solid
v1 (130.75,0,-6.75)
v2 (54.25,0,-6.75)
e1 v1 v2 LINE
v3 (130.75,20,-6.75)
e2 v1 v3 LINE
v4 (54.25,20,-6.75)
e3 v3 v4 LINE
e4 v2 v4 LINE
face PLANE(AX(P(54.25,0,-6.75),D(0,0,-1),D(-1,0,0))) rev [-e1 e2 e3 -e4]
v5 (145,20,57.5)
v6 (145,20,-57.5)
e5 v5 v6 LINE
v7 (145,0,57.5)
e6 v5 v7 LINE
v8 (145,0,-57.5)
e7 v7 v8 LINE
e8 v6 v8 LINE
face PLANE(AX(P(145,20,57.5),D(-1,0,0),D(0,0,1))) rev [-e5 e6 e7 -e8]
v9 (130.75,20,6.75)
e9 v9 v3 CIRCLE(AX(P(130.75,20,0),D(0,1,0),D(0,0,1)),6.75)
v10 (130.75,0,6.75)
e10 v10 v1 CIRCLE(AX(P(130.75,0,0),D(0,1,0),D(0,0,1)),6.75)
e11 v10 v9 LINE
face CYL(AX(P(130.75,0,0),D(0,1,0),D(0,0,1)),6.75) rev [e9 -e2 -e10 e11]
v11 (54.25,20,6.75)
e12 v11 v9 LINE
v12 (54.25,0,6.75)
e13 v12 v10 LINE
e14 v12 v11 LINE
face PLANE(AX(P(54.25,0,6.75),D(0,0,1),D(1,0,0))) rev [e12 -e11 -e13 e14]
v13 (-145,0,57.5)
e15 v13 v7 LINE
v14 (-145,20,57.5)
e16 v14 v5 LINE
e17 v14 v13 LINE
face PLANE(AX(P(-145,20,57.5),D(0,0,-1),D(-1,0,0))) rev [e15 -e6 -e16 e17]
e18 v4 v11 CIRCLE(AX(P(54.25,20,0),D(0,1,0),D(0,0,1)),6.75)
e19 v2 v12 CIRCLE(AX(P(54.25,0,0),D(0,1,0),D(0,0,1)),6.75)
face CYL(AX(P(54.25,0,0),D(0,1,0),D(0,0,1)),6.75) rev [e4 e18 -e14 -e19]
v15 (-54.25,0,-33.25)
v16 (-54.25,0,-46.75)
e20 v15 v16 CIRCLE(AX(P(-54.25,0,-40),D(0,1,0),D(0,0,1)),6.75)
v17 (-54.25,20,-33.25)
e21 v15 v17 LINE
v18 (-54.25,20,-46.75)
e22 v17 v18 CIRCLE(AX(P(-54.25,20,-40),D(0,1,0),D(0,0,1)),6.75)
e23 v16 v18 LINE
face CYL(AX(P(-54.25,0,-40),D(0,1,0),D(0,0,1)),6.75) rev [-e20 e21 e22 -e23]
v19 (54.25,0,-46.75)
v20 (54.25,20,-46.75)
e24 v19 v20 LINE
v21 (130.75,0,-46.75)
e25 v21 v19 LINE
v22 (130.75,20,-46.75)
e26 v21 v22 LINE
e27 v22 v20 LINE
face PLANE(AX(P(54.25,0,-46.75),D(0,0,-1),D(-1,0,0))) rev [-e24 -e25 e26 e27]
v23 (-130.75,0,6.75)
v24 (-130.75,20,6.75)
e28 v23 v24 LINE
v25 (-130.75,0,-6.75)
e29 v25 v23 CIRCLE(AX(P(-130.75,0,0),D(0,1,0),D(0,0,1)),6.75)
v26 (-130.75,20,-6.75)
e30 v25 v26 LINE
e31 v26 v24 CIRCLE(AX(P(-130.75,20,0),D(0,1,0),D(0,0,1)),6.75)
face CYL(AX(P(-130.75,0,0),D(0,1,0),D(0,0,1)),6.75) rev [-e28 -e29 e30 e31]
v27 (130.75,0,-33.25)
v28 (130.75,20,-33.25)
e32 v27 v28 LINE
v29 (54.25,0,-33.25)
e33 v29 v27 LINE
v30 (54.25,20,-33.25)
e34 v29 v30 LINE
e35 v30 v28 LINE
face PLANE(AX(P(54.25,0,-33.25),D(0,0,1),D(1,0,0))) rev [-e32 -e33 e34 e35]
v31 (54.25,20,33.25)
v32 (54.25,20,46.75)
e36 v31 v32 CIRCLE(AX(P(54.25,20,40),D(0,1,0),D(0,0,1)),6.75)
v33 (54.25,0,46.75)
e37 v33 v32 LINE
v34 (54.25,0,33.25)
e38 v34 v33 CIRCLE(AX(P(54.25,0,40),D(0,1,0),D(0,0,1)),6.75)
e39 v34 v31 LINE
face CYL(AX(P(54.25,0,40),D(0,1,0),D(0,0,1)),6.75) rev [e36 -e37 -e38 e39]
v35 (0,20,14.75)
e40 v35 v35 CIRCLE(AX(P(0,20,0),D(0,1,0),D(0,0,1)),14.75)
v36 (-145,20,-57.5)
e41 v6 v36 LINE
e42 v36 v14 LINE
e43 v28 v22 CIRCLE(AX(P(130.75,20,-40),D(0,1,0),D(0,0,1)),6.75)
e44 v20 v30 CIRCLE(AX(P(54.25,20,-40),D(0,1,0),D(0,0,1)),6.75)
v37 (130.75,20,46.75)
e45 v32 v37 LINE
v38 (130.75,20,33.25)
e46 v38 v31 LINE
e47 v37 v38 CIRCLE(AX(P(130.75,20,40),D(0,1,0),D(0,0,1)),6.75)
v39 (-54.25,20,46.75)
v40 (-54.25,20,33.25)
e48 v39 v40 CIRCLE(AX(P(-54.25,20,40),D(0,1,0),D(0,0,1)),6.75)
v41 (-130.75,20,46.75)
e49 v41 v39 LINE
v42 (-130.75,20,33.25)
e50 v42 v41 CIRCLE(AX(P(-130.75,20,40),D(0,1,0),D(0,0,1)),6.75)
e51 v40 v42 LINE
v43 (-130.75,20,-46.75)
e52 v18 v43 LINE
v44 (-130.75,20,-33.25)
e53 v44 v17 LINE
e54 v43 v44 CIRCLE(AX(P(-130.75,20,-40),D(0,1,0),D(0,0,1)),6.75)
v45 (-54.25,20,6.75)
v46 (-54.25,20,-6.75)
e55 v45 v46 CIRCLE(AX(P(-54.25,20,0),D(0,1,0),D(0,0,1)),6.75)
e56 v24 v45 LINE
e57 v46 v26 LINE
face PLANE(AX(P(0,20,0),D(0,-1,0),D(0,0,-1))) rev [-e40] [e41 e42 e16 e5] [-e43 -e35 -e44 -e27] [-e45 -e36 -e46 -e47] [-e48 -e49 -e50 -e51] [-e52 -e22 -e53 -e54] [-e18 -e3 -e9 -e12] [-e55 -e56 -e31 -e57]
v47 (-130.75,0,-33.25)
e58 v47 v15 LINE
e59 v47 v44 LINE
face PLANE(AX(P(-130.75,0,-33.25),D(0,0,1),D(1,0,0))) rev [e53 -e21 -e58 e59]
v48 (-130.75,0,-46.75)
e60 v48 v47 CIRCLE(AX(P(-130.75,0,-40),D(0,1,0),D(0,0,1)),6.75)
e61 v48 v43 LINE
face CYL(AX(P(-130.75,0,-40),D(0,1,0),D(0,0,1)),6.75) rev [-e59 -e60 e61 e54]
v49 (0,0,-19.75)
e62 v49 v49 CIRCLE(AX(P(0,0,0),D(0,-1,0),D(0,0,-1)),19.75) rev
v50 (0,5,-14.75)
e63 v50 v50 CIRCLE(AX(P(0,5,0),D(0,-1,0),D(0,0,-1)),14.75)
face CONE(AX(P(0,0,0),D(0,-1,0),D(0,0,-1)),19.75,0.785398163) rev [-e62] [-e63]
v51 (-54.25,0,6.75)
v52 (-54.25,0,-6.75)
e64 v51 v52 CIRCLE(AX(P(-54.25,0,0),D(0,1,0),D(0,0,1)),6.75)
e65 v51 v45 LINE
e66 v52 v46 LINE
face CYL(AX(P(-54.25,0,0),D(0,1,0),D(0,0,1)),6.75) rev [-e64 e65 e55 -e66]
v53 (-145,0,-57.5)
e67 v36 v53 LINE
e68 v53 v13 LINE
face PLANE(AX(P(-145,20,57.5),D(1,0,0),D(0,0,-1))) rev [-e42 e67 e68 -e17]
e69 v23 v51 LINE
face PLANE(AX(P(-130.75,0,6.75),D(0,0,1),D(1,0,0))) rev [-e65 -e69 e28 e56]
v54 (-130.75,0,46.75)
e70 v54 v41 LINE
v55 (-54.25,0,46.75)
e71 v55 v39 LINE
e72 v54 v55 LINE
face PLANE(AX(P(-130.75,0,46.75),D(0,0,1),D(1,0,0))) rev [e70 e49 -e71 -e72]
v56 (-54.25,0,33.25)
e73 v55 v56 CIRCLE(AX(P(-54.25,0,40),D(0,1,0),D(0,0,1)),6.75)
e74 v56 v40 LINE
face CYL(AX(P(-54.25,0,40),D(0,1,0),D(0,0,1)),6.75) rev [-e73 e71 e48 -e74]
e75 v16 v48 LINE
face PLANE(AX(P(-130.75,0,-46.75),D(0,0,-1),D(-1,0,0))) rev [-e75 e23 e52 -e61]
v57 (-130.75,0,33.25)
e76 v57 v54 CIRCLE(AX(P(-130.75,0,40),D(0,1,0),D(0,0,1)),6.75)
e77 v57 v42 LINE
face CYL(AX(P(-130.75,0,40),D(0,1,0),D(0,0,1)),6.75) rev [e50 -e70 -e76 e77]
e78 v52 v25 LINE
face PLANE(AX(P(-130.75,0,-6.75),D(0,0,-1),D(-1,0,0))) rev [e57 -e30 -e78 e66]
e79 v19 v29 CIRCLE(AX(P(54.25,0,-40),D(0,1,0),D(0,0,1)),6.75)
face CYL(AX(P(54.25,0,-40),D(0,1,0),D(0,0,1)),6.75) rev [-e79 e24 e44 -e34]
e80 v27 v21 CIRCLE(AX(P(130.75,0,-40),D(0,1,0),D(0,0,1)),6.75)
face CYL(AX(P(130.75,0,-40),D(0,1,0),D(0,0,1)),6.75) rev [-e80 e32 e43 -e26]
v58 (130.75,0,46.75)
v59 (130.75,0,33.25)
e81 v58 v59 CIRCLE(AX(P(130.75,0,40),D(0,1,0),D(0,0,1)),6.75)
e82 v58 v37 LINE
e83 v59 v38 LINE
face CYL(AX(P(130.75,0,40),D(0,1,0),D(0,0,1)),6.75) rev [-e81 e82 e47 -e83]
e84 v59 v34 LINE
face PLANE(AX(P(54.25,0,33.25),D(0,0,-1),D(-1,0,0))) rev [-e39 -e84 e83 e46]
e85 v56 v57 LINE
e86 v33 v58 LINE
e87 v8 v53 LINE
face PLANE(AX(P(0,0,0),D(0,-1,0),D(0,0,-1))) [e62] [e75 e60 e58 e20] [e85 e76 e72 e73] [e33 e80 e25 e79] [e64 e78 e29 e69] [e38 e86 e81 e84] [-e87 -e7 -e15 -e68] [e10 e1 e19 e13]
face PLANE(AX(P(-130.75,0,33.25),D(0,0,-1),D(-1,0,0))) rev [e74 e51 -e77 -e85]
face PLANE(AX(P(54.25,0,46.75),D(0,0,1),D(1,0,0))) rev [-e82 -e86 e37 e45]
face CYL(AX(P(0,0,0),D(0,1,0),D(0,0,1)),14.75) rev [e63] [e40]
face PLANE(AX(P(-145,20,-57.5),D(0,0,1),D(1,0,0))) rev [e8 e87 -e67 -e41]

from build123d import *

# Parameters (mm, degrees)
SKETCH1_W           = 290
SKETCH1_H           = 115
BOSS_EXTRUDE1_DEPTH = 20
SKETCH2_R           = 14.75
CUT_EXTRUDE1_DEPTH  = 20
CHAMFER1_SIZE       = 5


with BuildPart() as part:
    # Sketch1 → Boss-Extrude1 (new body)
    with BuildSketch(Plane(origin=(0, 0, 0), x_dir=(1, 0, 0), z_dir=(0, 1, 0))):
        Rectangle(SKETCH1_W, SKETCH1_H)
    extrude(amount=BOSS_EXTRUDE1_DEPTH)

    # Sketch2 → Cut-Extrude1 (cut)
    with BuildSketch(Plane(origin=(0, 20, 0), x_dir=(1, 0, 0), z_dir=(0, 1, 0))):
        Circle(SKETCH2_R)
        with BuildLine():
            Line((-130.75, 6.75), (-54.25, 6.75))
            ThreePointArc((-54.25, 6.75), (-47.5, 0), (-54.25, -6.75))
            Line((-54.25, -6.75), (-130.75, -6.75))
            ThreePointArc((-130.75, -6.75), (-137.5, 0), (-130.75, 6.75))
        make_face()
        with BuildLine():
            Line((-130.75, 46.75), (-54.25, 46.75))
            ThreePointArc((-54.25, 46.75), (-47.5, 40), (-54.25, 33.25))
            Line((-54.25, 33.25), (-130.75, 33.25))
            ThreePointArc((-130.75, 33.25), (-137.5, 40), (-130.75, 46.75))
        make_face()
        with BuildLine():
            Line((-130.75, -33.25), (-54.25, -33.25))
            ThreePointArc((-54.25, -33.25), (-47.5, -40), (-54.25, -46.75))
            Line((-54.25, -46.75), (-130.75, -46.75))
            ThreePointArc((-130.75, -46.75), (-137.5, -40), (-130.75, -33.25))
        make_face()
        with BuildLine():
            Line((54.25, 6.75), (130.75, 6.75))
            ThreePointArc((130.75, 6.75), (137.5, 0), (130.75, -6.75))
            Line((130.75, -6.75), (54.25, -6.75))
            ThreePointArc((54.25, -6.75), (47.5, 0), (54.25, 6.75))
        make_face()
        with BuildLine():
            Line((54.25, -33.25), (130.75, -33.25))
            ThreePointArc((130.75, -33.25), (137.5, -40), (130.75, -46.75))
            Line((130.75, -46.75), (54.25, -46.75))
            ThreePointArc((54.25, -46.75), (47.5, -40), (54.25, -33.25))
        make_face()
        with BuildLine():
            Line((54.25, 46.75), (130.75, 46.75))
            ThreePointArc((130.75, 46.75), (137.5, 40), (130.75, 33.25))
            Line((130.75, 33.25), (54.25, 33.25))
            ThreePointArc((54.25, 33.25), (47.5, 40), (54.25, 46.75))
        make_face()
    extrude(amount=-CUT_EXTRUDE1_DEPTH, mode=Mode.SUBTRACT)

    # Chamfer1
    chamfer1_edges = [part.edges().sort_by_distance(p)[0] for p in [
        (-14.75, 0, 0),
    ]]
    chamfer(chamfer1_edges, length=CHAMFER1_SIZE)


solid = part.part
